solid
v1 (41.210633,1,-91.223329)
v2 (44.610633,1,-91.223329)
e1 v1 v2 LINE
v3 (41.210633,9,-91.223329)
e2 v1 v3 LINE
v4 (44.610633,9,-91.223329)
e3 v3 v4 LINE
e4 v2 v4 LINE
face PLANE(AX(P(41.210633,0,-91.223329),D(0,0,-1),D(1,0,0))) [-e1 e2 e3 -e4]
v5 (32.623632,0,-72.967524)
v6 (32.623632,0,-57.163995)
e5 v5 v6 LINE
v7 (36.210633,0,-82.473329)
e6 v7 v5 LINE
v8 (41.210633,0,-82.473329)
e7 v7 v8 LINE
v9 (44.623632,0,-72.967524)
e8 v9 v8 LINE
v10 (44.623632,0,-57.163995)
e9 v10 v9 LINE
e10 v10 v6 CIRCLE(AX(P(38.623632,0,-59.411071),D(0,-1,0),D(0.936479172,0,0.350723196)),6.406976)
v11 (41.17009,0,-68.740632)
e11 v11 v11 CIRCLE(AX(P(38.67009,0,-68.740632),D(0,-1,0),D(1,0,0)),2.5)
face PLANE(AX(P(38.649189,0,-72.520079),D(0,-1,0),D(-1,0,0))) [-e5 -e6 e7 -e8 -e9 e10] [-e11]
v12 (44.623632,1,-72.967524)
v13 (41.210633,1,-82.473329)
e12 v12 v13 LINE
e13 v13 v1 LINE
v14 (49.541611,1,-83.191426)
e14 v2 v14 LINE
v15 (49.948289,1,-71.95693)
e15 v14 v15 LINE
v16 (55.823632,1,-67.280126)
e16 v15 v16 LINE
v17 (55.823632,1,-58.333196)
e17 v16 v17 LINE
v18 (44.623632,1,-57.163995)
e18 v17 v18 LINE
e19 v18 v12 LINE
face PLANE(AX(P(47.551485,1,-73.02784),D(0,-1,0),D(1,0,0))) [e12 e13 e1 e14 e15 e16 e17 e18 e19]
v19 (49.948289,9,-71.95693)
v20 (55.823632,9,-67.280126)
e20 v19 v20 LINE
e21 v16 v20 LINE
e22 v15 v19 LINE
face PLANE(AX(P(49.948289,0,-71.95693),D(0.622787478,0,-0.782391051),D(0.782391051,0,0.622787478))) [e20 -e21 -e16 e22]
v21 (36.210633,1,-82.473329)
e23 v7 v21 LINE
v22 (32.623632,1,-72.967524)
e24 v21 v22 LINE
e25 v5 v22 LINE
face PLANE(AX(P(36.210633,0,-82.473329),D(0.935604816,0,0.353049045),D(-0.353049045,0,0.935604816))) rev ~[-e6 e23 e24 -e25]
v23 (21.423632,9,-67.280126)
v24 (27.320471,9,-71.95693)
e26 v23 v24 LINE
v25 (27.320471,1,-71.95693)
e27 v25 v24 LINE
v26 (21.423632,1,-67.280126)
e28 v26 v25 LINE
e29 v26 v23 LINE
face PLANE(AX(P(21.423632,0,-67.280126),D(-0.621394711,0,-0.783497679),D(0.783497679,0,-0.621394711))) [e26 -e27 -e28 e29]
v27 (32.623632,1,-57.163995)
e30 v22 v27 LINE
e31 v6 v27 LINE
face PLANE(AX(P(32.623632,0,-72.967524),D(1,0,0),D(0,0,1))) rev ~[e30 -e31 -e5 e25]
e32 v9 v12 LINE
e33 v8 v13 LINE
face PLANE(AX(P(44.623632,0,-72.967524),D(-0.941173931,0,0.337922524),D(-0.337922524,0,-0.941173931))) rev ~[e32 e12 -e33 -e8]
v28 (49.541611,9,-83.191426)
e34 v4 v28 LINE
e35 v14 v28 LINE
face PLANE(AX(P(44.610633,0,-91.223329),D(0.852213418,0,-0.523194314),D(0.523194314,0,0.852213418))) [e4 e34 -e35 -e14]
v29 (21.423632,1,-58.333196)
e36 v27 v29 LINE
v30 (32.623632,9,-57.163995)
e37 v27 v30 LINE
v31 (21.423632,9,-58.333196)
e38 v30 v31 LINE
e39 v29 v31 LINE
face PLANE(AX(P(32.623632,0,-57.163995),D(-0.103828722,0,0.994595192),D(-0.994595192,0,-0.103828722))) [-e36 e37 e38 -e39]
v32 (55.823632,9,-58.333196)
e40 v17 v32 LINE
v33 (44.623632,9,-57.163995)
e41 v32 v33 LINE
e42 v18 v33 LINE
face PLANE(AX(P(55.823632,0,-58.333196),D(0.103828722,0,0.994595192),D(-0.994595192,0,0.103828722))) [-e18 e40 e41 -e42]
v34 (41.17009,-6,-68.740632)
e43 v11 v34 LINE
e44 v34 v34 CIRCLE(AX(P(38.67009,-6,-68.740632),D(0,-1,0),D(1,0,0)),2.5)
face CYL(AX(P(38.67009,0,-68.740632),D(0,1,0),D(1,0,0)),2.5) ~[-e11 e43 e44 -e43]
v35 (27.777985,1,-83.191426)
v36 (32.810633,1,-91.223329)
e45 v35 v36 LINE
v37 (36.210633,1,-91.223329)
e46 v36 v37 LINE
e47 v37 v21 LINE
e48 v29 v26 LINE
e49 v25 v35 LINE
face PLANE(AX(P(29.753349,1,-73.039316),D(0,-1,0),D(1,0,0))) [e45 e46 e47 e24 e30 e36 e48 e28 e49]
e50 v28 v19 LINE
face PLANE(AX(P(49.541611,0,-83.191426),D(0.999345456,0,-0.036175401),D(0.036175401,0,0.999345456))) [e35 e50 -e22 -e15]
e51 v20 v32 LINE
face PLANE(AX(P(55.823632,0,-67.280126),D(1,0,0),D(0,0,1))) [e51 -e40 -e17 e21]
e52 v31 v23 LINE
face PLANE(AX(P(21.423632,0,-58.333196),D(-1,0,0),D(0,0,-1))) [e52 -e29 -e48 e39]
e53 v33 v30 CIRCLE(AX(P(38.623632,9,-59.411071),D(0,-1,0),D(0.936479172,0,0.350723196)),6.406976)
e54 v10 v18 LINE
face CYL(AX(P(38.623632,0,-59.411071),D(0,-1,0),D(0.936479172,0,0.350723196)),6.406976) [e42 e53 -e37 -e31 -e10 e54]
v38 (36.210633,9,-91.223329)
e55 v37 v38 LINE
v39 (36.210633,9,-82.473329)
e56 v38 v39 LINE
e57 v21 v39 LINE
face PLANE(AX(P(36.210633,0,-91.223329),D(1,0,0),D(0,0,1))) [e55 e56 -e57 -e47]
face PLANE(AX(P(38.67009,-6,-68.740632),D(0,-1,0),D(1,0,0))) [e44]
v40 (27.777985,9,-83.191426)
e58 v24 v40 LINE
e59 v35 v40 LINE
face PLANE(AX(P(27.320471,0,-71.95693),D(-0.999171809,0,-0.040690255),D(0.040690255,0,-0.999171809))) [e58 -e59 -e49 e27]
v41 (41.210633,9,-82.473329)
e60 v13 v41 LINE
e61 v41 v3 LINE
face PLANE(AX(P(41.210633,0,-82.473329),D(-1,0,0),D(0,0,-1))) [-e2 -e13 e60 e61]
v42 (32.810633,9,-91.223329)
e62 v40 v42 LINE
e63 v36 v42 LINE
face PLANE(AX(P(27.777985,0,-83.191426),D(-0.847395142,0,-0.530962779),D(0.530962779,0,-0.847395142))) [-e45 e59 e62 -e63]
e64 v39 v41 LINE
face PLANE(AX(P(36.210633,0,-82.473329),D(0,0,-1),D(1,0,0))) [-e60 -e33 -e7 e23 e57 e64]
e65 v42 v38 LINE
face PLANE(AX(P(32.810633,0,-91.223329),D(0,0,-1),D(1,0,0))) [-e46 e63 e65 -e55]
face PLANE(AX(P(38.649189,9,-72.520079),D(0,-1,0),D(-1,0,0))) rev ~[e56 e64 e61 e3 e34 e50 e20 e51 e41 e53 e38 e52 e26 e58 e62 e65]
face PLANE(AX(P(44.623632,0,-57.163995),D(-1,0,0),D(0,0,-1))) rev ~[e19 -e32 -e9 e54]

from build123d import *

# Parameters (mm, degrees)
BOSS_EXTRUDE1_DEPTH = 9
SKETCH3_R           = 2.5
BOSS_EXTRUDE2_DEPTH = 6
CUT_EXTRUDE1_DEPTH  = 1


with BuildPart() as part:
    # Sketch2 → Boss-Extrude1 (new body)
    with BuildSketch(Plane(origin=(0, 0, 0), x_dir=(1, 0, 0), z_dir=(0, 1, 0))):
        with BuildLine():
            Line((21.423631539, 59.756571467), (21.423631539, 67.28012571))
            Line((21.423631539, 67.28012571), (27.320471351, 71.956929699))
            Line((27.320471351, 71.956929699), (27.777984785, 83.191426238))
            Line((27.777984785, 83.191426238), (32.810632556, 91.223328742))
            Line((32.810632556, 91.223328742), (36.210632556, 91.223328742))
            Line((36.210632556, 91.223328742), (36.210632556, 82.473328742))
            Line((36.210632556, 82.473328742), (41.210632556, 82.473328742))
            Line((41.210632556, 82.473328742), (41.210632556, 91.223328742))
            Line((41.210632556, 91.223328742), (44.610632556, 91.223328742))
            Line((44.610632556, 91.223328742), (49.541610675, 83.191426238))
            Line((49.541610675, 83.191426238), (49.948289283, 71.956929699))
            Line((49.948289283, 71.956929699), (55.823631539, 67.28012571))
            Line((55.823631539, 67.28012571), (55.823631539, 58.333196339))
            Line((55.823631539, 58.333196339), (44.623631539, 57.163995342))
            ThreePointArc((44.623631539, 57.163995342), (38.623631539, 53.004094152), (32.623631539, 57.163995342))
            Line((32.623631539, 57.163995342), (21.423631539, 58.333196339))
            Line((21.423631539, 58.333196339), (21.423631539, 59.756571467))
        make_face()
    extrude(amount=BOSS_EXTRUDE1_DEPTH)

    # Sketch3 → Boss-Extrude2 (add)
    with BuildSketch(Plane.XZ):
        with Locations((38.670089984, -68.740632333)):
            Circle(SKETCH3_R)
    extrude(amount=BOSS_EXTRUDE2_DEPTH)

    # Sketch4 → Cut-Extrude1 (cut)
    with BuildSketch(Plane.XZ):
        Polygon((32.623631539, -57.163995342), (21.423631539, -58.333196339), (21.423631539, -67.28012571), (27.320471351, -71.956929699), (27.777984785, -83.191426238), (32.810632556, -91.223328742), (36.210632556, -91.223328742), (36.210632556, -82.473328742), (32.623631539, -72.967523608), align=None)
        Polygon((44.623631539, -57.163995342), (44.623631539, -72.967523608), (41.210632556, -82.473328742), (41.210632556, -91.223328742), (44.610632556, -91.223328742), (49.541610675, -83.191426238), (49.948289283, -71.956929699), (55.823631539, -67.28012571), (55.823631539, -58.333196339), align=None)
    extrude(amount=-CUT_EXTRUDE1_DEPTH, mode=Mode.SUBTRACT)


solid = part.part
